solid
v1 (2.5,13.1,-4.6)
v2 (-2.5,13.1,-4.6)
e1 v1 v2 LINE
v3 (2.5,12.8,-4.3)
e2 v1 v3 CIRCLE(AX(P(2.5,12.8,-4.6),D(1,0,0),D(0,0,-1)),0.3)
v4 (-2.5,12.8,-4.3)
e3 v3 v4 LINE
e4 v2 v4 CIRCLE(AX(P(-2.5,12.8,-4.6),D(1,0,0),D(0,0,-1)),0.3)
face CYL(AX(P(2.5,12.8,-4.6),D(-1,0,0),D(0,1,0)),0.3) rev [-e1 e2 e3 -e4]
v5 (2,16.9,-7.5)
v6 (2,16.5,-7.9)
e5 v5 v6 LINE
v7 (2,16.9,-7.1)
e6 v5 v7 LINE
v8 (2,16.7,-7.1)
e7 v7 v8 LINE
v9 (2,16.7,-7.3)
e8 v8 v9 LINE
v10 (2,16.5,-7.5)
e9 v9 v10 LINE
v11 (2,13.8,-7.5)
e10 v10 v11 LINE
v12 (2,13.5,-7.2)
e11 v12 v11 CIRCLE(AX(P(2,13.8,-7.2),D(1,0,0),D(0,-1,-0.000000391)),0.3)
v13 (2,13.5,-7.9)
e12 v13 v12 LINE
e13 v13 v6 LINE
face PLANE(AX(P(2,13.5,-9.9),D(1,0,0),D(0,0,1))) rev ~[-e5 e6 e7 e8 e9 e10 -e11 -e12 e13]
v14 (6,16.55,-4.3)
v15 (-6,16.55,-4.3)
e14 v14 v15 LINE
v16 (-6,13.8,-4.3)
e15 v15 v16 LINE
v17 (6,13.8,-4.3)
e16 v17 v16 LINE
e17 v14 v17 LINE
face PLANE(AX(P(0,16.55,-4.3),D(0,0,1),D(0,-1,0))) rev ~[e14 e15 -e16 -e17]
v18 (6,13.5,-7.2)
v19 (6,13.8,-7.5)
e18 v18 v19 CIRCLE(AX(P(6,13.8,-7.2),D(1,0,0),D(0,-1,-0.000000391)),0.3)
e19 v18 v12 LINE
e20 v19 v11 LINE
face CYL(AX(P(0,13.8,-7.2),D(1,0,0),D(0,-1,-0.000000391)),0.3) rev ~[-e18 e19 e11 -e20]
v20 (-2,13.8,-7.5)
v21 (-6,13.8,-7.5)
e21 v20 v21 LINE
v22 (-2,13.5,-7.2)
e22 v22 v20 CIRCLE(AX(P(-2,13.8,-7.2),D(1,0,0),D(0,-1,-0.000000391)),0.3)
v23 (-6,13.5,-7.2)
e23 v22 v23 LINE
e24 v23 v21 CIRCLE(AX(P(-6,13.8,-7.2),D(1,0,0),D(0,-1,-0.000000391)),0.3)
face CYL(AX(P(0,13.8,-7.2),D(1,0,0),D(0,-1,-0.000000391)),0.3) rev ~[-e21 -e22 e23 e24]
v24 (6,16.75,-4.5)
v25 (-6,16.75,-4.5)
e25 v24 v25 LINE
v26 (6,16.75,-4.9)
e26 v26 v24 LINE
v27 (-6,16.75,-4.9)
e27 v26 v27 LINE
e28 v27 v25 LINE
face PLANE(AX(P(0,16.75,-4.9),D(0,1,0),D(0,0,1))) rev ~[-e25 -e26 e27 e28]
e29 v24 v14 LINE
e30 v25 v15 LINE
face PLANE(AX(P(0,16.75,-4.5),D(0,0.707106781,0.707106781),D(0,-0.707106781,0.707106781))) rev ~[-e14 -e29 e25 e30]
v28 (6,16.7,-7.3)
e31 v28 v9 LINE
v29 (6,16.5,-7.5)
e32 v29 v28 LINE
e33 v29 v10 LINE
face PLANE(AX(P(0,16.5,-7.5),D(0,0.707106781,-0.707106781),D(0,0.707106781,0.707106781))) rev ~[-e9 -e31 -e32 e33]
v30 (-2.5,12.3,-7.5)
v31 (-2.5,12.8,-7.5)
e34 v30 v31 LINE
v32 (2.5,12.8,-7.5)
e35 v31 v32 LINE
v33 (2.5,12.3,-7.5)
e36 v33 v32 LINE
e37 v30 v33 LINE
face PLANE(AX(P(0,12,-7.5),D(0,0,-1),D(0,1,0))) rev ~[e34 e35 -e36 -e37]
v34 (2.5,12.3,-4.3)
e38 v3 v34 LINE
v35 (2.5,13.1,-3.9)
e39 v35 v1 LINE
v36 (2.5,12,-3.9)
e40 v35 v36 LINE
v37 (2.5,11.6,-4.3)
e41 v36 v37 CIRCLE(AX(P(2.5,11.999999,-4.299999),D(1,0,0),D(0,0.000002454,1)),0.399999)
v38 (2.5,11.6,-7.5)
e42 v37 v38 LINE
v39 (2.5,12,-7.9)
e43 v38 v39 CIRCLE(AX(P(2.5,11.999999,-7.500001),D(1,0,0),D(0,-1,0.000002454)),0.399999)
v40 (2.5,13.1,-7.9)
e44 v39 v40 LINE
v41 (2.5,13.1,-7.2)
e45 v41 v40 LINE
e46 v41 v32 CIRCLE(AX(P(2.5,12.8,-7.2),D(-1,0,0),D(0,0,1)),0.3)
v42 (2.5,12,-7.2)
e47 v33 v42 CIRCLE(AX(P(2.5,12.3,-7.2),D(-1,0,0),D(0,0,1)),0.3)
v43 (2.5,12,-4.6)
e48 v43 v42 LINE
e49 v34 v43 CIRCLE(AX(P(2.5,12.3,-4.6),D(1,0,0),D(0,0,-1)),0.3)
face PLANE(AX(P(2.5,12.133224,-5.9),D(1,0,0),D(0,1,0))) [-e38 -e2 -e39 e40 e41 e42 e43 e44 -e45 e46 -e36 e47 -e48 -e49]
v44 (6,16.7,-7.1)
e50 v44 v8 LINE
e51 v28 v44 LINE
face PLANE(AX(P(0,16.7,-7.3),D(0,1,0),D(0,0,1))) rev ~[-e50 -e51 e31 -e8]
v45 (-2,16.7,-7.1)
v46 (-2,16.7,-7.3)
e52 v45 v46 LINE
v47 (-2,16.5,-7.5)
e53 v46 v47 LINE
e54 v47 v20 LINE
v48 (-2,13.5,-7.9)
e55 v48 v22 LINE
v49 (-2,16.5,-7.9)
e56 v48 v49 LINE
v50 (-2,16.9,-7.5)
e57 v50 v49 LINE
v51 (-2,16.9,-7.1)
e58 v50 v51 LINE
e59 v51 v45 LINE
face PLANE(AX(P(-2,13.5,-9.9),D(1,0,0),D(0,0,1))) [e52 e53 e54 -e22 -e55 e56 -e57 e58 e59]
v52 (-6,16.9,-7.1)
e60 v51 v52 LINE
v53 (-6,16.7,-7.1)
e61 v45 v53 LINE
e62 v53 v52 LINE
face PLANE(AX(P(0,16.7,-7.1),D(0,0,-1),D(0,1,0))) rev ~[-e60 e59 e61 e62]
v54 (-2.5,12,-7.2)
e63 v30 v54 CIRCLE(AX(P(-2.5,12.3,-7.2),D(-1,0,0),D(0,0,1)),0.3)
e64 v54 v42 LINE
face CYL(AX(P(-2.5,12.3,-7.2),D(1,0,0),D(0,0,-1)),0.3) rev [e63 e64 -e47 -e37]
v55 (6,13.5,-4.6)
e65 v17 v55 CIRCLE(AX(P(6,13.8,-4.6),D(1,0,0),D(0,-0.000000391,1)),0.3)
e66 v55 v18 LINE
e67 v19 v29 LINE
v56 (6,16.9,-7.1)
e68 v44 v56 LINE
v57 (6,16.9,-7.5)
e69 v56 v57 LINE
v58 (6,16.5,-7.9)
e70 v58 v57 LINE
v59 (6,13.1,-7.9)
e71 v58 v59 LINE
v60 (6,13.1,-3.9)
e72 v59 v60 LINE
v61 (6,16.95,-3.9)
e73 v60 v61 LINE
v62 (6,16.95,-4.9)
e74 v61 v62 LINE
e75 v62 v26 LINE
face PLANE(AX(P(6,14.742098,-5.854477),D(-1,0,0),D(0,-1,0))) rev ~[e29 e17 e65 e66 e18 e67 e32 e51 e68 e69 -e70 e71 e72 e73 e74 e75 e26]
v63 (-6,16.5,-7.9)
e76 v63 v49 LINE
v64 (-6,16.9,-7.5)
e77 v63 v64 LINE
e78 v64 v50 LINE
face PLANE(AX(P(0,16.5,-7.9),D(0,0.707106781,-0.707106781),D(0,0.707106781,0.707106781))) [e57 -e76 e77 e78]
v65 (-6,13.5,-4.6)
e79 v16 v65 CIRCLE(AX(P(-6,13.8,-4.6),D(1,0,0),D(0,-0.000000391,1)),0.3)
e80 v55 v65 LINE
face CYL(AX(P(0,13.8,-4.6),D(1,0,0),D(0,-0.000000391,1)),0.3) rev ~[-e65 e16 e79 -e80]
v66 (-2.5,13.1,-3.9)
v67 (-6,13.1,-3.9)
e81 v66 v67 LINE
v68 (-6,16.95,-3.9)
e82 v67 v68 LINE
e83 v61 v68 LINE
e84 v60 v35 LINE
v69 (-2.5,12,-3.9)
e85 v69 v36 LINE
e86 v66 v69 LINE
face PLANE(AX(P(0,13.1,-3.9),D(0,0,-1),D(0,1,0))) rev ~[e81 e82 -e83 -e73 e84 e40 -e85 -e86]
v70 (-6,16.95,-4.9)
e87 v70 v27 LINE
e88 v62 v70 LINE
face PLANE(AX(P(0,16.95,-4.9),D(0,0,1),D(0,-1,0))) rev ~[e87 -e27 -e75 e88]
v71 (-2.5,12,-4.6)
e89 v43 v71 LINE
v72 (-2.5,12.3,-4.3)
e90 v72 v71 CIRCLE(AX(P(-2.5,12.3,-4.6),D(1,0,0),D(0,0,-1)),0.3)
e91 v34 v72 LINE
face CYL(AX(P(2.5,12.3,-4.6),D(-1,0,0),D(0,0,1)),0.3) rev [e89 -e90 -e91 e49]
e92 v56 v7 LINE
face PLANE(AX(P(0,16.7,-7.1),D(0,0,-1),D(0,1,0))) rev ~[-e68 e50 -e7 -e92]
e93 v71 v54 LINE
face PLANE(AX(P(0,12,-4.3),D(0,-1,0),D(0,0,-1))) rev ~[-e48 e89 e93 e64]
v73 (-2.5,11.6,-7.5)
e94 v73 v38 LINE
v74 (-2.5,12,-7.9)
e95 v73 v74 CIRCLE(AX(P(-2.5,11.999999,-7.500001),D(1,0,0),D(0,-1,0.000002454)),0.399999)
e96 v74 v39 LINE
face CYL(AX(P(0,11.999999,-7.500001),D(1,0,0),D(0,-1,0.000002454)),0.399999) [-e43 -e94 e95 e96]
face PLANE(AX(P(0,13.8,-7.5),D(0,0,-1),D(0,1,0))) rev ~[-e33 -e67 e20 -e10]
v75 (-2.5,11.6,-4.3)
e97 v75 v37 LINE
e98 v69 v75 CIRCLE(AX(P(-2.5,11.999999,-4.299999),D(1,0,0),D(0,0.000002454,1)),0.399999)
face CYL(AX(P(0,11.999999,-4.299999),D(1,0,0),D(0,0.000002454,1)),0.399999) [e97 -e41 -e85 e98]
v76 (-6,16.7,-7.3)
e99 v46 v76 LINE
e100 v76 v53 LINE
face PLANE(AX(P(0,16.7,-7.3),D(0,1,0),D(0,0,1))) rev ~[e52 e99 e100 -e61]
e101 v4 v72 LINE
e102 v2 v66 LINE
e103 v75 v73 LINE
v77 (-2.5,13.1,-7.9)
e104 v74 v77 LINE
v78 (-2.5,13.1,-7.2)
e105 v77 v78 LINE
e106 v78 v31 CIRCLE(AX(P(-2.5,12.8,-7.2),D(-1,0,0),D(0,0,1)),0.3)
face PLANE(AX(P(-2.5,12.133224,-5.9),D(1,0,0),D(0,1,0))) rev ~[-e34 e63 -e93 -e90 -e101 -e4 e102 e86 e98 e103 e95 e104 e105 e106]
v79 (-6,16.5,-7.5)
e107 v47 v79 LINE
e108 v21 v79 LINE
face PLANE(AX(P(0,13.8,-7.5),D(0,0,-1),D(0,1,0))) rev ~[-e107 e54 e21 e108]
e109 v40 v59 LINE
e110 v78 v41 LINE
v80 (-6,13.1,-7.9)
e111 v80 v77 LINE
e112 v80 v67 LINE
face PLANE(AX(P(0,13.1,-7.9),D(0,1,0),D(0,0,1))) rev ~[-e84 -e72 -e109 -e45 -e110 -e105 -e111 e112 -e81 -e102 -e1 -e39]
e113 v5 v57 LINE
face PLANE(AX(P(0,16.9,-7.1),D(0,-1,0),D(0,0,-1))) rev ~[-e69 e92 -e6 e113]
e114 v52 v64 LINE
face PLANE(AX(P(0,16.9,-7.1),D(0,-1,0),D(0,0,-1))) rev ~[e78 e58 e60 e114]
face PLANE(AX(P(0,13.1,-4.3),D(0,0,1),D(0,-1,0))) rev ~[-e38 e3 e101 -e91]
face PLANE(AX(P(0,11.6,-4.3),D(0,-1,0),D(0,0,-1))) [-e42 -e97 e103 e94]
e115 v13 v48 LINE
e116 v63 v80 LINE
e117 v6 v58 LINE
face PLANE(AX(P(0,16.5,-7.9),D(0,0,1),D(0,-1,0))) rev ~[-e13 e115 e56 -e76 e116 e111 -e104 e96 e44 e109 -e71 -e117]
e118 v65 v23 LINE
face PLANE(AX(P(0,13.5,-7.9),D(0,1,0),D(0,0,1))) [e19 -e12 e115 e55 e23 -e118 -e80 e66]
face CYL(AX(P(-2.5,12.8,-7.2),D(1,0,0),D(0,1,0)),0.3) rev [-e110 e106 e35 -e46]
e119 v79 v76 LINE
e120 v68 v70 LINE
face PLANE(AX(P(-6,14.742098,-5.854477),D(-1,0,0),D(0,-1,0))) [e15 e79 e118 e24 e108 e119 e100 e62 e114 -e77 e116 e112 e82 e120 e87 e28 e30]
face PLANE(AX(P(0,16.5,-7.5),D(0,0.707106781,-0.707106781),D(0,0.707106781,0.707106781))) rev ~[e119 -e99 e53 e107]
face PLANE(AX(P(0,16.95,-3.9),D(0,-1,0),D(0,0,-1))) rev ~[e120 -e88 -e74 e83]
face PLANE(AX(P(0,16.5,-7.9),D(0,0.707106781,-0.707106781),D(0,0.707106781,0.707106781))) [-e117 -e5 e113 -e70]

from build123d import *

# Parameters (mm, degrees)
PAD011_DEPTH      = 6
PAD011_DEPTH_BACK = 6
SKETCH019_W       = 4
SKETCH019_H       = 4
POCKET002_DEPTH   = 3.451
PAD012_DEPTH      = 2.5
FILLET004_R       = 0.3


with BuildPart() as part:
    # Sketch018 → Pad011 (new body, two sides)
    with BuildSketch(Plane.YZ) as pad011_sk:
        with BuildLine():
            Line((13.1, -7.9), (13.1, -3.9))
            Line((13.1, -3.9), (16.95, -3.9))
            Line((16.95, -3.9), (16.95, -4.9))
            Line((16.95, -4.9), (16.75, -4.9))
            Line((16.75, -4.9), (16.75, -4.5))
            Line((16.75, -4.5), (16.55, -4.3))
            Line((16.55, -4.3), (13.8, -4.3))
            ThreePointArc((13.8, -4.3), (13.587868, -4.387868), (13.5, -4.6))
            Line((13.5, -4.6), (13.5, -7.2))
            ThreePointArc((13.5, -7.2), (13.587868, -7.412132), (13.8, -7.5))
            Line((13.8, -7.5), (16.5, -7.5))
            Line((16.5, -7.5), (16.7, -7.3))
            Line((16.7, -7.3), (16.7, -7.1))
            Line((16.7, -7.1), (16.9, -7.1))
            Line((16.9, -7.1), (16.9, -7.5))
            Line((16.5, -7.9), (16.9, -7.5))
            Line((16.5, -7.9), (13.1, -7.9))
        make_face()
    extrude(amount=PAD011_DEPTH)
    extrude(pad011_sk.sketch, amount=-PAD011_DEPTH_BACK)

    # Sketch019 (on Face10 of Pad011) → Pocket002 (cut, through all)
    with BuildSketch(Plane.ZX.offset(13.5)):
        with Locations((-7.9, 0)):
            Rectangle(SKETCH019_W, SKETCH019_H)
    extrude(amount=POCKET002_DEPTH, mode=Mode.SUBTRACT)

    # Sketch020 → Pad012 (join, symmetric)
    with BuildSketch(Plane.YZ):
        with BuildLine():
            Line((13.1, -3.9), (12, -3.9))
            ThreePointArc((12, -3.9), (11.717157, -4.017157), (11.6, -4.3))
            Line((11.6, -4.3), (11.6, -7.5))
            ThreePointArc((11.6, -7.5), (11.717157, -7.782843), (12, -7.9))
            Line((12, -7.9), (13.1, -7.9))
            Line((13.1, -7.9), (13.1, -7.5))
            Line((12, -7.5), (13.1, -7.5))
            Line((12, -4.3), (12, -7.5))
            Line((13.1, -4.3), (12, -4.3))
            Line((13.1, -4.3), (13.1, -3.9))
        make_face()
    extrude(amount=PAD012_DEPTH, both=True)

    # Fillet004
    fillet004_edges = [part.edges().sort_by_distance(p)[0] for p in [
        (0, 12, -4.3),
        (0, 12, -7.5),
        (0, 13.1, -7.5),
        (0, 13.1, -4.3),
    ]]
    fillet(fillet004_edges, radius=FILLET004_R)


solid = part.part
